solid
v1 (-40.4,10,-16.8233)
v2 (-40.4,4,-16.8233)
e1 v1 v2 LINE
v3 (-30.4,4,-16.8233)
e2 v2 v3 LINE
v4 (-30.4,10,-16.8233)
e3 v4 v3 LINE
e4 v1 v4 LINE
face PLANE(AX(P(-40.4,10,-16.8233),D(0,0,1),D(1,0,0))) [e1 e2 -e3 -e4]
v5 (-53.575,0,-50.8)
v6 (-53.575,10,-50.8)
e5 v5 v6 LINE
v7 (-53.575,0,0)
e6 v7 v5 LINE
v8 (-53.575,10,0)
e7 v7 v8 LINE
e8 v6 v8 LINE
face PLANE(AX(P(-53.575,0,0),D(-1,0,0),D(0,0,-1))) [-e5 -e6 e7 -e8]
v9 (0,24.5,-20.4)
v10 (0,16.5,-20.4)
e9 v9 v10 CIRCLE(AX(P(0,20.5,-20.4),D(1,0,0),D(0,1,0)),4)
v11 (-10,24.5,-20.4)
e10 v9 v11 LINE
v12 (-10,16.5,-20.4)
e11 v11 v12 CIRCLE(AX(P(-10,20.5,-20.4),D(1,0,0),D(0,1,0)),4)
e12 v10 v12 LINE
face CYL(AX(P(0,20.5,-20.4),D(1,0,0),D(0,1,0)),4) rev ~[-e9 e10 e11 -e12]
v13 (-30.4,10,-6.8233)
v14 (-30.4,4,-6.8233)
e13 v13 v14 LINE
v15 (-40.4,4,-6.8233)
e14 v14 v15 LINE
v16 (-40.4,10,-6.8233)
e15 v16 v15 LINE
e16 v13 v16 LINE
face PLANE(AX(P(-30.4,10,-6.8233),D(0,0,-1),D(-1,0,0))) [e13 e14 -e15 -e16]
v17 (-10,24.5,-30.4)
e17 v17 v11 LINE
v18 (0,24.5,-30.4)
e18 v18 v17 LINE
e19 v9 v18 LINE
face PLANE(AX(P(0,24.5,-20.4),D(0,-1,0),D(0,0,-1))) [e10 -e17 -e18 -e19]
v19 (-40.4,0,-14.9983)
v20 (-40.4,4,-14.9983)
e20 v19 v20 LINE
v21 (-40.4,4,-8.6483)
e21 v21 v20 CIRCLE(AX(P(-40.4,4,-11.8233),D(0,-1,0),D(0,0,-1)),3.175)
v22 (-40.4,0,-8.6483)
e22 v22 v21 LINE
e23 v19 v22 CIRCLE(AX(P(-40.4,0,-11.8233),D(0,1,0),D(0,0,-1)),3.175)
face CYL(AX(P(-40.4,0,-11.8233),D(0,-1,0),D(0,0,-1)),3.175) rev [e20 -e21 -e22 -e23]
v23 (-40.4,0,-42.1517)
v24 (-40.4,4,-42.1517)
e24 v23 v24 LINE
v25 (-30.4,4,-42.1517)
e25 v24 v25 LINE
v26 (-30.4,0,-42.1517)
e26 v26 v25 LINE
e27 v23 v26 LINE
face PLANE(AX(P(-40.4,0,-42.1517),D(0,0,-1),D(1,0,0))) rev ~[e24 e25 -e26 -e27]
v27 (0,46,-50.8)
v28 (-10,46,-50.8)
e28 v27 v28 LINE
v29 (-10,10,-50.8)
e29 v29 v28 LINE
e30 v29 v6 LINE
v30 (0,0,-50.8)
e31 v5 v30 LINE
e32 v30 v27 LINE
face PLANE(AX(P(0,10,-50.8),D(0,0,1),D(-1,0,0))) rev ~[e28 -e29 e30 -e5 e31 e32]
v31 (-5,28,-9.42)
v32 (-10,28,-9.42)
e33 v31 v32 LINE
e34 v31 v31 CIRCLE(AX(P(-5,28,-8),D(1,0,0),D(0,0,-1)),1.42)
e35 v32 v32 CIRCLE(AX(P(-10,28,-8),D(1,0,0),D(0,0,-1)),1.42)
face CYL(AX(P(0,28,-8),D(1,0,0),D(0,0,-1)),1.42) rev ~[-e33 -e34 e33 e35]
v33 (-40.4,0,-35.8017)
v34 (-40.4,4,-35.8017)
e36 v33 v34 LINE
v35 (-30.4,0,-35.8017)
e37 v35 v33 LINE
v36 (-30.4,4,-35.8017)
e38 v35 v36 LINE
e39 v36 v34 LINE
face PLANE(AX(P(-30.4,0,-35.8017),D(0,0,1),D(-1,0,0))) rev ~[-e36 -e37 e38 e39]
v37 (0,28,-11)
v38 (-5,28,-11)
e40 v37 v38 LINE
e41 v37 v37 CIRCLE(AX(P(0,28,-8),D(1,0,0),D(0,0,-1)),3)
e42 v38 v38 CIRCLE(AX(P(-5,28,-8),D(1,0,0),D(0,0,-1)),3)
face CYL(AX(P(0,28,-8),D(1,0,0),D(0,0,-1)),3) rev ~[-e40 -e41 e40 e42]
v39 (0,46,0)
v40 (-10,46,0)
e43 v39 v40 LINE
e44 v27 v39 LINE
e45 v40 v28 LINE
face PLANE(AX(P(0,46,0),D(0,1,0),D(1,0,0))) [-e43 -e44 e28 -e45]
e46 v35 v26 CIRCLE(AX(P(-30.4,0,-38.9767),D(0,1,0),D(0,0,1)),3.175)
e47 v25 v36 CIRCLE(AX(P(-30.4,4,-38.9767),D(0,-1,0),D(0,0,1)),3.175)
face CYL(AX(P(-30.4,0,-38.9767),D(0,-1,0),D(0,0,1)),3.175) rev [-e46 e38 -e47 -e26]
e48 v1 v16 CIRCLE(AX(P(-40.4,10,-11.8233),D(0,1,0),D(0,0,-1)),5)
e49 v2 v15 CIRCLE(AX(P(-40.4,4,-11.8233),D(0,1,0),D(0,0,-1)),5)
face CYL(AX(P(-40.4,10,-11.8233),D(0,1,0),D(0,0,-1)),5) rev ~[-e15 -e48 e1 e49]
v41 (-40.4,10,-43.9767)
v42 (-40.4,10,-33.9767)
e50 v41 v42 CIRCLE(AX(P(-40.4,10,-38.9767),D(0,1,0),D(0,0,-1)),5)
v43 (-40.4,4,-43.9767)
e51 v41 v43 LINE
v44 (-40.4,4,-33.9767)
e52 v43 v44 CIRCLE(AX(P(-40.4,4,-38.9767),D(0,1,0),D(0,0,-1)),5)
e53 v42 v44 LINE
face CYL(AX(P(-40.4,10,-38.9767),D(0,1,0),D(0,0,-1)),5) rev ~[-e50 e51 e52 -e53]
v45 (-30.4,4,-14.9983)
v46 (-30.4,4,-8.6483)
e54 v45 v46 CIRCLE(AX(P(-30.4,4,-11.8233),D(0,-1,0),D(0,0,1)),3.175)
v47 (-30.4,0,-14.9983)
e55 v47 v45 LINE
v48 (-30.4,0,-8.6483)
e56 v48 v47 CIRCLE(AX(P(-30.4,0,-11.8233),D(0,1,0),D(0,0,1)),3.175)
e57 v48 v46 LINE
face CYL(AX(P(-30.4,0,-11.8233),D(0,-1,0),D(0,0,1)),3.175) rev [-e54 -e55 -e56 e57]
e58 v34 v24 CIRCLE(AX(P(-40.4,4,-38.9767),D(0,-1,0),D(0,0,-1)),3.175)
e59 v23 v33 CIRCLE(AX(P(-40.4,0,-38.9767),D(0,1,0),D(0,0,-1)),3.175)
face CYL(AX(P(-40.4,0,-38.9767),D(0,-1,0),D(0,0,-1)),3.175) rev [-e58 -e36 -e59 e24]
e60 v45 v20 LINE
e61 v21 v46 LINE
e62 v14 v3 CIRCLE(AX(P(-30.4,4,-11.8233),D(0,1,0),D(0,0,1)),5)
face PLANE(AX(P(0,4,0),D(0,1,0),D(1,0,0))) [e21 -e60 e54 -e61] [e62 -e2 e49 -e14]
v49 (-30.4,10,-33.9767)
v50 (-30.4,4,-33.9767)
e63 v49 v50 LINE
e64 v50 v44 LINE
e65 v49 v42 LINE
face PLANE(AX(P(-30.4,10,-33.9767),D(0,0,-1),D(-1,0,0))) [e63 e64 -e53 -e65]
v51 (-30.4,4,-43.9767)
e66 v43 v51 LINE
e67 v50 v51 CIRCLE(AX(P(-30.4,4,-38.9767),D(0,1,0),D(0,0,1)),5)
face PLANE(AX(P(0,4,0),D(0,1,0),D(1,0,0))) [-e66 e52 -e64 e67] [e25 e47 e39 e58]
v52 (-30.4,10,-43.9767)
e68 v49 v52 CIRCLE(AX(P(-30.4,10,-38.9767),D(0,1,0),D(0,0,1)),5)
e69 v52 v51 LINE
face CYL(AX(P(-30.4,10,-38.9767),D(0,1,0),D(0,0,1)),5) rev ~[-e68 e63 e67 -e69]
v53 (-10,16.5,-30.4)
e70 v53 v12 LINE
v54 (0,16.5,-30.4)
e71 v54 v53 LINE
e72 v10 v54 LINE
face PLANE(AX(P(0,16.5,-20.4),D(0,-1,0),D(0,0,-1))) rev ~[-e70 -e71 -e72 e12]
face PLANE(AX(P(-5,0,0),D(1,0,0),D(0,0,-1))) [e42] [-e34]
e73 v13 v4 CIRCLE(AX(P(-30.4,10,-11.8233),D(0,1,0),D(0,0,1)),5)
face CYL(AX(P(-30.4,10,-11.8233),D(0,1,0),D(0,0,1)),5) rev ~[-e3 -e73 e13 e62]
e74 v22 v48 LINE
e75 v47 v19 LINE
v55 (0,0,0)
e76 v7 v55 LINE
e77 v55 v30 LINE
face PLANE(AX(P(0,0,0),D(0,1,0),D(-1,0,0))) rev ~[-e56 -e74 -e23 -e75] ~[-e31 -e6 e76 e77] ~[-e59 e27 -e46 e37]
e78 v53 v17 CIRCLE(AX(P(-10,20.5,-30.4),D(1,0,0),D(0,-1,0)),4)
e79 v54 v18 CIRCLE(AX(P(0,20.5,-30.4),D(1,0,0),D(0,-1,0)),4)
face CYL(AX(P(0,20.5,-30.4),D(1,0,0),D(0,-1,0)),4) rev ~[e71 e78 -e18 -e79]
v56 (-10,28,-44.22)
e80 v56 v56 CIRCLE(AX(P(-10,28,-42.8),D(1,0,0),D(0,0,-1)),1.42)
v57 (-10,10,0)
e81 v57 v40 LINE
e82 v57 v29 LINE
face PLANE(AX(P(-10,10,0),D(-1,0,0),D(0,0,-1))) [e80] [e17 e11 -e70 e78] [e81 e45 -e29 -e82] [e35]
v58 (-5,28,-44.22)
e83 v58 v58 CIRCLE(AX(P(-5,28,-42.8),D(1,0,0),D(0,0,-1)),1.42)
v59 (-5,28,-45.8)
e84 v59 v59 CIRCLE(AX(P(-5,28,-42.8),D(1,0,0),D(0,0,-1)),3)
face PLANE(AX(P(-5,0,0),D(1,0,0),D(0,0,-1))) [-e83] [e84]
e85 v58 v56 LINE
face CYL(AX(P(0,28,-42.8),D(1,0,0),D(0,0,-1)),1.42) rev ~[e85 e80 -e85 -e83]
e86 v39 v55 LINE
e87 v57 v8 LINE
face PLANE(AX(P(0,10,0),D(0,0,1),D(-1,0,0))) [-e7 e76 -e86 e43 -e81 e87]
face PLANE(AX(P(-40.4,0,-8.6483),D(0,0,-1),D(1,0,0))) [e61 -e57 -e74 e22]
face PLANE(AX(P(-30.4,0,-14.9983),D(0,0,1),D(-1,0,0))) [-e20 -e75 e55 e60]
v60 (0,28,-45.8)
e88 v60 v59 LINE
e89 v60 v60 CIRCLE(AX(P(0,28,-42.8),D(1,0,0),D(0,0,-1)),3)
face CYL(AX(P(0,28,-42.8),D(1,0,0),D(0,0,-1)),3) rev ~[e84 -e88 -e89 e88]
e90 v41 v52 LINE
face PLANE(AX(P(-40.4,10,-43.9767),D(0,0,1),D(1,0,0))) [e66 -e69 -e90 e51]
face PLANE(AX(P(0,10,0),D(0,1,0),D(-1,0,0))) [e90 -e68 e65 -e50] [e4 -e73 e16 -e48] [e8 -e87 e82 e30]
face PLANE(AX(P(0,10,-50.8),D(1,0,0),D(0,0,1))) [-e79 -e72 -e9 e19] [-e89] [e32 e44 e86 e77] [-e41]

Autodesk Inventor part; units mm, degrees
ref_plane "YZ Plane" through (0, 0, 0) normal (1, 0, 0) x (0, 1, 0)
ref_plane "XZ Plane" through (0, 0, 0) normal (0, 1, 0) x (-1, 0, 0)
ref_plane "XY Plane" through (0, 0, 0) normal (0, 0, 1) x (1, 0, 0)
sketch "Sketch1" plane through (0, 0, 0) normal (0, 1, 0) x (-1, 0, 0)
  line L0 (0, 0) -> (53.575, 0)
  line L1 (53.575, 0) -> (53.575, -50.8)
  line L2 (53.575, -50.8) -> (0, -50.8)
  line L3 (0, -50.8) -> (0, 0)
  line L4 (10, 0) -> (10, -50.8)
  arc A0 (30.4, -35.8017) -> (30.4, -42.1517) centre (30.4, -38.9767) ccw
  arc A1 (40.4, -42.1517) -> (40.4, -35.8017) centre (40.4, -38.9767) ccw
  line L5 (30.4, -35.8017) -> (40.4, -35.8017)
  line L6 (40.4, -42.1517) -> (30.4, -42.1517)
  line L7 (-7.5059, -25.4) -> (68.7329, -25.4)
  arc A2 (30.4, -8.6483) -> (30.4, -14.9983) centre (30.4, -11.8233) ccw
  arc A3 (40.4, -14.9983) -> (40.4, -8.6483) centre (40.4, -11.8233) ccw
  line L8 (30.4, -14.9983) -> (40.4, -14.9983)
  line L9 (40.4, -8.6483) -> (30.4, -8.6483)
  dimension "d0" = 50.8
  dimension "d2" = 10
  dimension "d3" = 6.35
  dimension "d4" = 6.35
  dimension "d6" = 10
  dimension "d7" = 20.4
  dimension "d8" = 13.175
  dimension "d9" = 25.4
extrude "Extrusion1" add sketch "Sketch1" along normal blind 10
sketch "Sketch2" plane through (0, 10, 0) normal (0, 1, 0) x (1, 0, 0)
  line L0 (0, 50.8) -> (-53.575, 50.8) projected
  line L1 (0, 0) -> (-10, 0)
  line L2 (-10, 0) -> (-10, 50.8)
  line L3 (-10, 50.8) -> (0, 50.8)
  line L4 (0, 50.8) -> (0, 0)
  dimension "d12" = 10
extrude "Extrusion2" add sketch "Sketch2" along normal blind 36
sketch "Sketch3" plane through (0, 0, 0) normal (1, 0, 0) x (0, 0, -1)
  line L0 (0, 10) -> (50.8, 10) projected
  circle A0 centre (8, 28) radius 1.42
  circle A1 centre (42.8, 28) radius 1.42
  line L1 (50.8, 0) -> (50.8, 46) projected
  line L2 (0, 0) -> (0, 46) projected
  line L3 (0, 0) -> (50.8, 0) projected
  line L4 (50.8, 0) -> (50.8, 46) projected
  line L5 (0, 46) -> (50.8, 46) projected
  line L6 (0, 0) -> (0, 46) projected
  arc A2 (20.4, 24.5) -> (20.4, 16.5) centre (20.4, 20.5) ccw
  arc A3 (30.4, 16.5) -> (30.4, 24.5) centre (30.4, 20.5) ccw
  line L7 (20.4, 24.5) -> (30.4, 24.5)
  line L8 (20.4, 16.5) -> (30.4, 16.5)
  line L9 (20.4, 20.5) -> (25.4, 20.5)
  point P0 (50.8, 23)
  point P1 (25.4, 10)
  dimension "d15" = 2.84
  dimension "d16" = 2.84
  dimension "d17" = 34.8
  dimension "d18" = 0
  dimension "d19" = 18
  dimension "d20" = 8
  dimension "d21" = 8
  dimension "d22" = 50.8
  dimension "d35" = 8
  dimension "d36" = 8
  dimension "d37" = 0
  dimension "d38" = 10
  dimension "d39" = 5
  dimension "d40" = 25.4
  dimension "d41" = 10.5
extrude "Extrusion3" cut sketch "Sketch3" against normal blind 36 contours A0 | A1 | L7 A3 L8 A2
sketch "Sketch4" plane through (0, 10, 0) normal (0, 1, 0) x (1, 0, 0)
  arc A0 (-40.4, 42.1517) -> (-40.4, 35.8017) centre (-40.4, 38.9767) ccw projected
  arc A1 (-40.4, 43.9767) -> (-40.4, 33.9767) centre (-40.4, 38.9767) ccw
  arc A2 (-30.4, 35.8017) -> (-30.4, 42.1517) centre (-30.4, 38.9767) ccw projected
  arc A3 (-30.4, 33.9767) -> (-30.4, 43.9767) centre (-30.4, 38.9767) ccw
  line L0 (-10, 0) -> (-10, 50.8) projected
  line L1 (-10, 50.8) -> (-53.575, 50.8) projected
  line L2 (-53.575, 50.8) -> (-53.575, 0) projected
  line L3 (-53.575, 0) -> (-10, 0) projected
  line L4 (-40.4, 14.9983) -> (-30.4, 14.9983) projected
  arc A4 (-30.4, 8.6483) -> (-30.4, 14.9983) centre (-30.4, 11.8233) ccw projected
  line L5 (-30.4, 8.6483) -> (-40.4, 8.6483) projected
  arc A5 (-40.4, 14.9983) -> (-40.4, 8.6483) centre (-40.4, 11.8233) ccw projected
  line L6 (-40.4, 42.1517) -> (-30.4, 42.1517) projected
  arc A6 (-30.4, 35.8017) -> (-30.4, 42.1517) centre (-30.4, 38.9767) ccw projected
  line L7 (-30.4, 35.8017) -> (-40.4, 35.8017) projected
  arc A7 (-40.4, 42.1517) -> (-40.4, 35.8017) centre (-40.4, 38.9767) ccw projected
  arc A8 (-40.4, 16.8233) -> (-40.4, 6.8233) centre (-40.4, 11.8233) ccw
  arc A9 (-30.4, 6.8233) -> (-30.4, 16.8233) centre (-30.4, 11.8233) ccw
  line L8 (-30.4, 6.8233) -> (-40.4, 6.8233)
  line L9 (-40.4, 16.8233) -> (-30.4, 16.8233)
  line L10 (-30.4, 33.9767) -> (-40.4, 33.9767)
  line L11 (-40.4, 43.9767) -> (-30.4, 43.9767)
  point P0 (0, 0)
  dimension "d25" = 10
  dimension "d26" = 10
  dimension "d27" = 10
  dimension "d28" = 10
extrude "Extrusion4" cut sketch "Sketch4" against normal blind 6 contours L6 A2 L7 A0 | L11 A3 L10 A1 | L4 A4 L5 A5 | L9 A9 L8 A8
sketch "Sketch5" plane through (0, 0, 0) normal (1, 0, 0) x (0, 0, -1)
  circle A0 centre (42.8, 28) radius 1.42 projected
  circle A1 centre (8, 28) radius 1.42 projected
  line L0 (0, 0) -> (50.8, 0) projected
  line L1 (50.8, 0) -> (50.8, 46) projected
  line L2 (0, 46) -> (50.8, 46) projected
  line L3 (0, 0) -> (0, 46) projected
  circle A2 centre (8, 28) radius 3
  circle A3 centre (42.8, 28) radius 1.42 projected
  circle A4 centre (42.8, 28) radius 3
  dimension "d31" = 6
  dimension "d32" = 6
extrude "Extrusion5" cut sketch "Sketch5" against normal blind 5 contours A1 | A2 | A4
equation "\"d4\" = d3"
equation "\"d9\" = 0.5 * d0"
equation "\"d12\" = d2"
equation "\"d16\" = d15"
equation "\"d20\" = -0.5 * d17 + 0.5 * d22"
equation "\"d36\" = d35"
equation "\"d39\" = 0.5 * d38"
equation "\"d40\" = 0.5 * d22"
equation "\"d26\" = d25"
equation "\"d27\" = d25"
equation "\"d28\" = d25"
equation "\"d32\" = d31"
properties part number "Actuator Stage End Cap"
